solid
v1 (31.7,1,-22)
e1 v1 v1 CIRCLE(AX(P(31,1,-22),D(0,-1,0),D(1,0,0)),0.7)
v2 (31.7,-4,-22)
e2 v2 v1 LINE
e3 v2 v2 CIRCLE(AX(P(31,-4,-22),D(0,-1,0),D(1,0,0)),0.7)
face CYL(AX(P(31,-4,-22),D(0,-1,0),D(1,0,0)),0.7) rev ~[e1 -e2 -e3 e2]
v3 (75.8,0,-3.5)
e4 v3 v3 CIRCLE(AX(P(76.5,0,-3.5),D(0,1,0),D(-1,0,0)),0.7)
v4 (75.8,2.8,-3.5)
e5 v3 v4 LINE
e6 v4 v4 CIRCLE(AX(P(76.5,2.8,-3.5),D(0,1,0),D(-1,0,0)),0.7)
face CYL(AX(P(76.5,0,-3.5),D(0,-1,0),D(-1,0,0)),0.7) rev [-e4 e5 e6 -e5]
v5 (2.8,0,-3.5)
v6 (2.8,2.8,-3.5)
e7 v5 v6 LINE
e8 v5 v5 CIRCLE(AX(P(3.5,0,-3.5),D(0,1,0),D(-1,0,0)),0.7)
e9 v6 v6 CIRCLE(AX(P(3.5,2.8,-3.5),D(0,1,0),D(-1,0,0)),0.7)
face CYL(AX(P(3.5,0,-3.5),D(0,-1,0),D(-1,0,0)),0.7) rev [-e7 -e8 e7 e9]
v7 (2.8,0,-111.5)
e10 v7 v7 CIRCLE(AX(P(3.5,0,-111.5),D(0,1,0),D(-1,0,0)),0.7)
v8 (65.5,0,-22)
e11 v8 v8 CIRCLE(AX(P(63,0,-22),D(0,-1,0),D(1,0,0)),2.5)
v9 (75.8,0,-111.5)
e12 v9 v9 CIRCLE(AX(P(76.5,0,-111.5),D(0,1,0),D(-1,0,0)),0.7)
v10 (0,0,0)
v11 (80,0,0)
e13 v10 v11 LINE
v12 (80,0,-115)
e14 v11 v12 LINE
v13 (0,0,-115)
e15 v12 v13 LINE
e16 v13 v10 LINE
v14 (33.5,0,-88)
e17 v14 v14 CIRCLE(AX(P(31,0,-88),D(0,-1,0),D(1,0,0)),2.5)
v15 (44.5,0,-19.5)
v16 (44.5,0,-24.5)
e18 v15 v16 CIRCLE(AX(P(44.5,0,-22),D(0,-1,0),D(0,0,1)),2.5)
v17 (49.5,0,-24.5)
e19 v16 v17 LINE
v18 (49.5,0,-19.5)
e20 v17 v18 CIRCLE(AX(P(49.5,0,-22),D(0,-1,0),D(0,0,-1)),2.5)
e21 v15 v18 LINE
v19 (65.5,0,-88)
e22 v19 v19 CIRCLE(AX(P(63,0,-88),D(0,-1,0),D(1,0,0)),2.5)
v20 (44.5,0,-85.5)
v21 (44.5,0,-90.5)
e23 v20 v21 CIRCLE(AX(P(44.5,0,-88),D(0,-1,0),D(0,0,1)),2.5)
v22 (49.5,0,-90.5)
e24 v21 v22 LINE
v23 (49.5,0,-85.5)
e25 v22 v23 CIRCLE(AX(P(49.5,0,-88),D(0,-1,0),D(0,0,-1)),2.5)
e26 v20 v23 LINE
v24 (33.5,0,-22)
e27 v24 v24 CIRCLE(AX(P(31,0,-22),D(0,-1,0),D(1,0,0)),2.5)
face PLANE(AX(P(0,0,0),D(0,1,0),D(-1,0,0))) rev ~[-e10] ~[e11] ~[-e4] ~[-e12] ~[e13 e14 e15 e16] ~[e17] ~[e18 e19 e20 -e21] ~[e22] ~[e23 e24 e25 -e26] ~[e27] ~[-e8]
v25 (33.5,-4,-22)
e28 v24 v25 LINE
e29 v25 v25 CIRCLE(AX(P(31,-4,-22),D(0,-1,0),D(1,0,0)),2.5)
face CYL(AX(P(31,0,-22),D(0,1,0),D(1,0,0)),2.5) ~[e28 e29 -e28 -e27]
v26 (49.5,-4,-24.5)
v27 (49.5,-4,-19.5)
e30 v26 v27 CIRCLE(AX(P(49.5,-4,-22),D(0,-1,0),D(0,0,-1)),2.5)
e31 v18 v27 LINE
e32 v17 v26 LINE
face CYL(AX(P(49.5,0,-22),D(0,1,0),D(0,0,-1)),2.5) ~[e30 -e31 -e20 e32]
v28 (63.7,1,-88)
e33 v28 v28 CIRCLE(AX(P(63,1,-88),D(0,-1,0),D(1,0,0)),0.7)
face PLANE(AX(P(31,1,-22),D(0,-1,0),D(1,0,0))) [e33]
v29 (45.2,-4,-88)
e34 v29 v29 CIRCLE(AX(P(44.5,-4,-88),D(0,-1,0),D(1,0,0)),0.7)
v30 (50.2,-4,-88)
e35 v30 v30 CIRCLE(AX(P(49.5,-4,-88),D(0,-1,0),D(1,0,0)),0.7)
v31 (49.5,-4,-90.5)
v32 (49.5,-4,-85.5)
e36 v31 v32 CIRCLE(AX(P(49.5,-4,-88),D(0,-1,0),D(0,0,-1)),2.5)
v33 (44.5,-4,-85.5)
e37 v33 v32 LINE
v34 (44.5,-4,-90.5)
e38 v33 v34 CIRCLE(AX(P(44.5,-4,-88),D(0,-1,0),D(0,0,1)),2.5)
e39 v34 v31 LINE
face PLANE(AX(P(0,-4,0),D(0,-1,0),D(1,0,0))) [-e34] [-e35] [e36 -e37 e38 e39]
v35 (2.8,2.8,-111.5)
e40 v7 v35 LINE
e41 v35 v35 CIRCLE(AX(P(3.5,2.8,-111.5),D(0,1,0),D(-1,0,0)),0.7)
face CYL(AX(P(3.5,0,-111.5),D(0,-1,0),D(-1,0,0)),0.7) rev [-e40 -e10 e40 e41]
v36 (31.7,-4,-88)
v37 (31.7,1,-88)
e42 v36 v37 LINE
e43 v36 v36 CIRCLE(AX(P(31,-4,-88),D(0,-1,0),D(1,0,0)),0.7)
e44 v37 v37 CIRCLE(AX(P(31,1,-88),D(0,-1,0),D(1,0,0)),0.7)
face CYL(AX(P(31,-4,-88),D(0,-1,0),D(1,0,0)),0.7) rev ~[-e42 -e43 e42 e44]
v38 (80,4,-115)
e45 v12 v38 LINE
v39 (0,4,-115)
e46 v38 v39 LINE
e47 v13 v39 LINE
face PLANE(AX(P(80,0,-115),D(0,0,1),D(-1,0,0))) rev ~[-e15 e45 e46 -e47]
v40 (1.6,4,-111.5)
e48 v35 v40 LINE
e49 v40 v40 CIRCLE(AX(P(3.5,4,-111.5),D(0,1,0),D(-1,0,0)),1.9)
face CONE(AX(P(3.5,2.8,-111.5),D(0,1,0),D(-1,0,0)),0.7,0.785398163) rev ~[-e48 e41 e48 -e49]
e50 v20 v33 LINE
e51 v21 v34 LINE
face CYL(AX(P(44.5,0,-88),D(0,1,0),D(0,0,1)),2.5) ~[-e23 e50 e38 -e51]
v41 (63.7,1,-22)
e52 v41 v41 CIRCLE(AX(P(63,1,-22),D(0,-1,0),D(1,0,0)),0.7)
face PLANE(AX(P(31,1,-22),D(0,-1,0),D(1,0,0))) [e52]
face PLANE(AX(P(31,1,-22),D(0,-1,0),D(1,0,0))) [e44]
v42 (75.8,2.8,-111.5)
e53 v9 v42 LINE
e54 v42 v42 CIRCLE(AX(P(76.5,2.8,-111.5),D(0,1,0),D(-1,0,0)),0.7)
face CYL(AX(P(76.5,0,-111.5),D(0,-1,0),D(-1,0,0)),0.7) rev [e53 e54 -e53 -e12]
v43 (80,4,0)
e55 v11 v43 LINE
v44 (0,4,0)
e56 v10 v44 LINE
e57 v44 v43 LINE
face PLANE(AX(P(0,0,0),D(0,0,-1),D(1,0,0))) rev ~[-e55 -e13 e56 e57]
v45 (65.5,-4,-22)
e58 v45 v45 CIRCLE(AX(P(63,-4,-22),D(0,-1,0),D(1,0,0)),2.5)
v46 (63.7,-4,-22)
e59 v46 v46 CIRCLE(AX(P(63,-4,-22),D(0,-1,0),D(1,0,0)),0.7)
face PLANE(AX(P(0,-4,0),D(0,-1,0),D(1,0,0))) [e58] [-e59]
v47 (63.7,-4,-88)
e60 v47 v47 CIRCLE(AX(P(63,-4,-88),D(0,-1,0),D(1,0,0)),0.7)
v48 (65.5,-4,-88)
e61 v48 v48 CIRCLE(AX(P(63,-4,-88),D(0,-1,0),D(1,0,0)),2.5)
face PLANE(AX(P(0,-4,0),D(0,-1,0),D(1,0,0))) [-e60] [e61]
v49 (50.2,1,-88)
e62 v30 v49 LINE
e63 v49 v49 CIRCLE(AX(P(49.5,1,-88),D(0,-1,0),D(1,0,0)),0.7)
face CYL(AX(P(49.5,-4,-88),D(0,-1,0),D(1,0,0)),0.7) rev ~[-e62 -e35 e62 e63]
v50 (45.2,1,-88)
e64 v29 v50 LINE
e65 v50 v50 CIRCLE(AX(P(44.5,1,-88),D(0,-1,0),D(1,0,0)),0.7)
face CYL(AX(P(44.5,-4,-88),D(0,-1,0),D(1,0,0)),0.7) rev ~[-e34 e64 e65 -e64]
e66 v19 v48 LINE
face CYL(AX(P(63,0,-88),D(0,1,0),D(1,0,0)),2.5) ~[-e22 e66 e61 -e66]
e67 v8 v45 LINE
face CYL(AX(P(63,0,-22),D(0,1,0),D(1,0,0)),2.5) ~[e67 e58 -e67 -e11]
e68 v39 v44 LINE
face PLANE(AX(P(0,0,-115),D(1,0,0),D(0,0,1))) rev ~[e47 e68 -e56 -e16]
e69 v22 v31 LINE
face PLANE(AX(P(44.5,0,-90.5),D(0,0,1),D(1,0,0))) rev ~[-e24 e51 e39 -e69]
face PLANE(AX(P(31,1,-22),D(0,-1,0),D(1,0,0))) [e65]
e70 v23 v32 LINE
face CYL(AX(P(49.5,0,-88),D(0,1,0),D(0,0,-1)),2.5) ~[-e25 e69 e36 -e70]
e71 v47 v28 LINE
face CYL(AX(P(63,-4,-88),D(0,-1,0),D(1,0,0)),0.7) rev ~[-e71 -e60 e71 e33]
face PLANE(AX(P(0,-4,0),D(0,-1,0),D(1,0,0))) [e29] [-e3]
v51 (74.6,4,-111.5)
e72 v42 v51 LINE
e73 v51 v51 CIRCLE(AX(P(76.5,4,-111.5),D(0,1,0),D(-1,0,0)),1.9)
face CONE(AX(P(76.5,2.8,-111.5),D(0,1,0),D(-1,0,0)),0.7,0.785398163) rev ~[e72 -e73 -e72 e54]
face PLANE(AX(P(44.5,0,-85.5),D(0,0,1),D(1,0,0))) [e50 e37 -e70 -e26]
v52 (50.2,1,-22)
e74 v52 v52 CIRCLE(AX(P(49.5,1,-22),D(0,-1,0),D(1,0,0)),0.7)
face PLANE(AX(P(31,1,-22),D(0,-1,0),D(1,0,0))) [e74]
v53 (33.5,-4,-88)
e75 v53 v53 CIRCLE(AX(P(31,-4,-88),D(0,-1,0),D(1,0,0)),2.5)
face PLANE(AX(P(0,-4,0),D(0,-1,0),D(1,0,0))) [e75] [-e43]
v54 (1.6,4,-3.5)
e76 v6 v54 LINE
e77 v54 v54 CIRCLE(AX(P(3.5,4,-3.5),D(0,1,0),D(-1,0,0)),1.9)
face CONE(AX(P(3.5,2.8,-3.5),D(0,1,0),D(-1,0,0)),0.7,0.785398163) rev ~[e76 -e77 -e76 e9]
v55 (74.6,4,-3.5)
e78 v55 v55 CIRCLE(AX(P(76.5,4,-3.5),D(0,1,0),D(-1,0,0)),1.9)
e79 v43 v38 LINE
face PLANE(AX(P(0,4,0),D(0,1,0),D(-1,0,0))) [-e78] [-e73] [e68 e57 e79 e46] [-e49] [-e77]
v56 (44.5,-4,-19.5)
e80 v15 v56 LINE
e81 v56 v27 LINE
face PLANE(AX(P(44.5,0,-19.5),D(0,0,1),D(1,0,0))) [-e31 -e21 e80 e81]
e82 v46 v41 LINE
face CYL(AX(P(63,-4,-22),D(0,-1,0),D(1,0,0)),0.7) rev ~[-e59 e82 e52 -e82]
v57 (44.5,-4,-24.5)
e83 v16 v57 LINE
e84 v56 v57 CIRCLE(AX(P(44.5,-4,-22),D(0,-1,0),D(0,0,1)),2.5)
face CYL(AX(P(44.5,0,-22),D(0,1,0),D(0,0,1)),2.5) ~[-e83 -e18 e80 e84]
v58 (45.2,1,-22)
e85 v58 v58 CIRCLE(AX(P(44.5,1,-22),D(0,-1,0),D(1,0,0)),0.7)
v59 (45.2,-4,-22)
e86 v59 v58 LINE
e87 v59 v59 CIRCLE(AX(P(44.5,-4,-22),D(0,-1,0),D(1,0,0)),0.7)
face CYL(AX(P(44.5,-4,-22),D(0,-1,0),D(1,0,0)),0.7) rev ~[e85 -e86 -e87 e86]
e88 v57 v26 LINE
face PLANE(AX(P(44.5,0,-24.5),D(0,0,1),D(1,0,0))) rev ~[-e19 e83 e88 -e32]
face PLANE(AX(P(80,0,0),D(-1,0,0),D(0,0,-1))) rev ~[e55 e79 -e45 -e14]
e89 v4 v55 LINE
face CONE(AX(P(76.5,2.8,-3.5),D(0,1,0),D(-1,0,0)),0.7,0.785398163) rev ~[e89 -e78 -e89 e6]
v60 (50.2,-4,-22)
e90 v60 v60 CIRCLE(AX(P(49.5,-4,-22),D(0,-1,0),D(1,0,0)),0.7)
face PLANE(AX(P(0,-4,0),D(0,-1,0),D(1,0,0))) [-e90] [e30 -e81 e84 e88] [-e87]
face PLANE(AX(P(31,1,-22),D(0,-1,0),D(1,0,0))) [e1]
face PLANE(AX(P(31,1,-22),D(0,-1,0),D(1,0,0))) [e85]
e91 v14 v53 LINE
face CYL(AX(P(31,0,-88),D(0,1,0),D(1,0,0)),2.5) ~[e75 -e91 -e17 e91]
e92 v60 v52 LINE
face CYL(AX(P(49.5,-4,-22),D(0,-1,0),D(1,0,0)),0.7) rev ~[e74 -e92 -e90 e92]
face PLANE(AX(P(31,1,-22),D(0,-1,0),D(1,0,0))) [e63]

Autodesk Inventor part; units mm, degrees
ref_plane "YZ Plane" through (0, 0, 0) normal (1, 0, 0) x (0, 1, 0)
ref_plane "XZ Plane" through (0, 0, 0) normal (0, 1, 0) x (-1, 0, 0)
ref_plane "XY Plane" through (0, 0, 0) normal (0, 0, 1) x (1, 0, 0)
sketch "Skizze1" plane through (0, 0, 0) normal (0, 1, 0) x (-1, 0, 0)
  line L0 (0, 0) -> (-80, 0)
  line L1 (-80, 0) -> (-80, -115)
  line L2 (-80, -115) -> (0, -115)
  line L3 (0, -115) -> (0, 0)
  line L4 (-3.5, -3.5) -> (-76.5, -3.5) construction
  line L5 (-76.5, -3.5) -> (-76.5, -111.5) construction
  line L6 (-76.5, -111.5) -> (-3.5, -111.5) construction
  line L7 (-3.5, -111.5) -> (-3.5, -3.5) construction
  circle A0 centre (-3.5, -3.5) radius 0.7
  circle A1 centre (-3.5, -111.5) radius 0.7
  circle A2 centre (-76.5, -111.5) radius 0.7
  circle A3 centre (-76.5, -3.5) radius 0.7
  dimension "d0" = 115
  dimension "d1" = 80
  dimension "d2" = 3.5
  dimension "d3" = 1.4
extrude "Extrusion1" add sketch "Skizze1" along normal blind 4
chamfer "Fasen1" distance 1.2 angle 45 4 edges at (4.2, 4, -3.5) (4.2, 4, -111.5) (77.2, 4, -111.5) (77.2, 4, -3.5)
sketch "Skizze2" plane through (0, 0, 0) normal (0, -1, 0) x (1, 0, 0)
  line L0 (29, -90) -> (46.5, -90) construction
  line L1 (46.5, -90) -> (46.5, -20) construction
  line L2 (46.5, -20) -> (29, -20) construction
  line L3 (29, -20) -> (29, -90) construction
  line L4 (0, -115) -> (0, 0) construction
  line L5 (47.5, -90) -> (65, -90) construction
  line L6 (65, -90) -> (65, -20) construction
  line L7 (65, -20) -> (47.5, -20) construction
  line L8 (47.5, -20) -> (47.5, -90) construction
  line L9 (80, -115) -> (0, -115) construction
  circle A0 centre (31, -88) radius 2.5
  arc A1 (44.5, -85.5) -> (44.5, -90.5) centre (44.5, -88) ccw
  circle A2 centre (63, -88) radius 2.5
  circle A3 centre (31, -22) radius 2.5
  arc A4 (44.5, -19.5) -> (44.5, -24.5) centre (44.5, -22) ccw
  arc A5 (49.5, -24.5) -> (49.5, -19.5) centre (49.5, -22) ccw
  circle A6 centre (63, -22) radius 2.5
  line L10 (31, -88) -> (44.5, -88) construction
  line L11 (44.5, -88) -> (44.5, -22) construction
  line L12 (44.5, -22) -> (31, -22) construction
  line L13 (31, -22) -> (31, -88) construction
  line L14 (49.5, -88) -> (63, -88) construction
  line L15 (63, -88) -> (63, -22) construction
  line L16 (63, -22) -> (49.5, -22) construction
  line L17 (49.5, -22) -> (49.5, -88) construction
  line L18 (44.5, -90.5) -> (49.5, -90.5)
  line L19 (44.5, -85.5) -> (49.5, -85.5)
  line L20 (44.5, -24.5) -> (49.5, -24.5)
  line L21 (44.5, -19.5) -> (49.5, -19.5)
  arc A7 (49.5, -90.5) -> (49.5, -85.5) centre (49.5, -88) ccw
  dimension "d9" = 29
  dimension "d10" = 17.5
  dimension "d11" = 70
  dimension "d12" = 25
  dimension "d13" = 1
  dimension "d14" = 2
  dimension "d15" = 2
  dimension "d16" = 5
extrude "Extrusion2" add sketch "Skizze2" along normal blind 4
sketch "Skizze3" plane through (31, -4, -22) normal (0, -1, 0) x (1, 0, 0)
  circle A0 centre (0, 0) radius 0.7
  arc A1 (13.5, 2.5) -> (13.5, -2.5) centre (13.5, 0) ccw projected
  circle A2 centre (13.5, 0) radius 0.7
  circle A3 centre (32, 0) radius 2.5 projected
  circle A4 centre (32, 0) radius 0.7
  arc A5 (18.5, -2.5) -> (18.5, 2.5) centre (18.5, 0) ccw projected
  circle A6 centre (18.5, 0) radius 0.7
  circle A7 centre (0, -66) radius 0.7
  arc A8 (13.5, -63.5) -> (13.5, -68.5) centre (13.5, -66) ccw projected
  circle A9 centre (13.5, -66) radius 0.7
  arc A10 (18.5, -68.5) -> (18.5, -63.5) centre (18.5, -66) ccw projected
  circle A11 centre (18.5, -66) radius 0.7
  circle A12 centre (32, -66) radius 0.7
  circle A13 centre (0, 0) radius 2.5 projected
  circle A14 centre (0, -66) radius 2.5 projected
  circle A15 centre (32, -66) radius 2.5 projected
  point P0 (-31, 22)
  dimension "d19" = 1.4
extrude "Extrusion3" cut sketch "Skizze3" against normal blind 5 contours A0 | A2 | A4 | A6 | A7 | A9 | A11 | A12
properties part number "Honigschleuder_Steuerung_Deckel"
